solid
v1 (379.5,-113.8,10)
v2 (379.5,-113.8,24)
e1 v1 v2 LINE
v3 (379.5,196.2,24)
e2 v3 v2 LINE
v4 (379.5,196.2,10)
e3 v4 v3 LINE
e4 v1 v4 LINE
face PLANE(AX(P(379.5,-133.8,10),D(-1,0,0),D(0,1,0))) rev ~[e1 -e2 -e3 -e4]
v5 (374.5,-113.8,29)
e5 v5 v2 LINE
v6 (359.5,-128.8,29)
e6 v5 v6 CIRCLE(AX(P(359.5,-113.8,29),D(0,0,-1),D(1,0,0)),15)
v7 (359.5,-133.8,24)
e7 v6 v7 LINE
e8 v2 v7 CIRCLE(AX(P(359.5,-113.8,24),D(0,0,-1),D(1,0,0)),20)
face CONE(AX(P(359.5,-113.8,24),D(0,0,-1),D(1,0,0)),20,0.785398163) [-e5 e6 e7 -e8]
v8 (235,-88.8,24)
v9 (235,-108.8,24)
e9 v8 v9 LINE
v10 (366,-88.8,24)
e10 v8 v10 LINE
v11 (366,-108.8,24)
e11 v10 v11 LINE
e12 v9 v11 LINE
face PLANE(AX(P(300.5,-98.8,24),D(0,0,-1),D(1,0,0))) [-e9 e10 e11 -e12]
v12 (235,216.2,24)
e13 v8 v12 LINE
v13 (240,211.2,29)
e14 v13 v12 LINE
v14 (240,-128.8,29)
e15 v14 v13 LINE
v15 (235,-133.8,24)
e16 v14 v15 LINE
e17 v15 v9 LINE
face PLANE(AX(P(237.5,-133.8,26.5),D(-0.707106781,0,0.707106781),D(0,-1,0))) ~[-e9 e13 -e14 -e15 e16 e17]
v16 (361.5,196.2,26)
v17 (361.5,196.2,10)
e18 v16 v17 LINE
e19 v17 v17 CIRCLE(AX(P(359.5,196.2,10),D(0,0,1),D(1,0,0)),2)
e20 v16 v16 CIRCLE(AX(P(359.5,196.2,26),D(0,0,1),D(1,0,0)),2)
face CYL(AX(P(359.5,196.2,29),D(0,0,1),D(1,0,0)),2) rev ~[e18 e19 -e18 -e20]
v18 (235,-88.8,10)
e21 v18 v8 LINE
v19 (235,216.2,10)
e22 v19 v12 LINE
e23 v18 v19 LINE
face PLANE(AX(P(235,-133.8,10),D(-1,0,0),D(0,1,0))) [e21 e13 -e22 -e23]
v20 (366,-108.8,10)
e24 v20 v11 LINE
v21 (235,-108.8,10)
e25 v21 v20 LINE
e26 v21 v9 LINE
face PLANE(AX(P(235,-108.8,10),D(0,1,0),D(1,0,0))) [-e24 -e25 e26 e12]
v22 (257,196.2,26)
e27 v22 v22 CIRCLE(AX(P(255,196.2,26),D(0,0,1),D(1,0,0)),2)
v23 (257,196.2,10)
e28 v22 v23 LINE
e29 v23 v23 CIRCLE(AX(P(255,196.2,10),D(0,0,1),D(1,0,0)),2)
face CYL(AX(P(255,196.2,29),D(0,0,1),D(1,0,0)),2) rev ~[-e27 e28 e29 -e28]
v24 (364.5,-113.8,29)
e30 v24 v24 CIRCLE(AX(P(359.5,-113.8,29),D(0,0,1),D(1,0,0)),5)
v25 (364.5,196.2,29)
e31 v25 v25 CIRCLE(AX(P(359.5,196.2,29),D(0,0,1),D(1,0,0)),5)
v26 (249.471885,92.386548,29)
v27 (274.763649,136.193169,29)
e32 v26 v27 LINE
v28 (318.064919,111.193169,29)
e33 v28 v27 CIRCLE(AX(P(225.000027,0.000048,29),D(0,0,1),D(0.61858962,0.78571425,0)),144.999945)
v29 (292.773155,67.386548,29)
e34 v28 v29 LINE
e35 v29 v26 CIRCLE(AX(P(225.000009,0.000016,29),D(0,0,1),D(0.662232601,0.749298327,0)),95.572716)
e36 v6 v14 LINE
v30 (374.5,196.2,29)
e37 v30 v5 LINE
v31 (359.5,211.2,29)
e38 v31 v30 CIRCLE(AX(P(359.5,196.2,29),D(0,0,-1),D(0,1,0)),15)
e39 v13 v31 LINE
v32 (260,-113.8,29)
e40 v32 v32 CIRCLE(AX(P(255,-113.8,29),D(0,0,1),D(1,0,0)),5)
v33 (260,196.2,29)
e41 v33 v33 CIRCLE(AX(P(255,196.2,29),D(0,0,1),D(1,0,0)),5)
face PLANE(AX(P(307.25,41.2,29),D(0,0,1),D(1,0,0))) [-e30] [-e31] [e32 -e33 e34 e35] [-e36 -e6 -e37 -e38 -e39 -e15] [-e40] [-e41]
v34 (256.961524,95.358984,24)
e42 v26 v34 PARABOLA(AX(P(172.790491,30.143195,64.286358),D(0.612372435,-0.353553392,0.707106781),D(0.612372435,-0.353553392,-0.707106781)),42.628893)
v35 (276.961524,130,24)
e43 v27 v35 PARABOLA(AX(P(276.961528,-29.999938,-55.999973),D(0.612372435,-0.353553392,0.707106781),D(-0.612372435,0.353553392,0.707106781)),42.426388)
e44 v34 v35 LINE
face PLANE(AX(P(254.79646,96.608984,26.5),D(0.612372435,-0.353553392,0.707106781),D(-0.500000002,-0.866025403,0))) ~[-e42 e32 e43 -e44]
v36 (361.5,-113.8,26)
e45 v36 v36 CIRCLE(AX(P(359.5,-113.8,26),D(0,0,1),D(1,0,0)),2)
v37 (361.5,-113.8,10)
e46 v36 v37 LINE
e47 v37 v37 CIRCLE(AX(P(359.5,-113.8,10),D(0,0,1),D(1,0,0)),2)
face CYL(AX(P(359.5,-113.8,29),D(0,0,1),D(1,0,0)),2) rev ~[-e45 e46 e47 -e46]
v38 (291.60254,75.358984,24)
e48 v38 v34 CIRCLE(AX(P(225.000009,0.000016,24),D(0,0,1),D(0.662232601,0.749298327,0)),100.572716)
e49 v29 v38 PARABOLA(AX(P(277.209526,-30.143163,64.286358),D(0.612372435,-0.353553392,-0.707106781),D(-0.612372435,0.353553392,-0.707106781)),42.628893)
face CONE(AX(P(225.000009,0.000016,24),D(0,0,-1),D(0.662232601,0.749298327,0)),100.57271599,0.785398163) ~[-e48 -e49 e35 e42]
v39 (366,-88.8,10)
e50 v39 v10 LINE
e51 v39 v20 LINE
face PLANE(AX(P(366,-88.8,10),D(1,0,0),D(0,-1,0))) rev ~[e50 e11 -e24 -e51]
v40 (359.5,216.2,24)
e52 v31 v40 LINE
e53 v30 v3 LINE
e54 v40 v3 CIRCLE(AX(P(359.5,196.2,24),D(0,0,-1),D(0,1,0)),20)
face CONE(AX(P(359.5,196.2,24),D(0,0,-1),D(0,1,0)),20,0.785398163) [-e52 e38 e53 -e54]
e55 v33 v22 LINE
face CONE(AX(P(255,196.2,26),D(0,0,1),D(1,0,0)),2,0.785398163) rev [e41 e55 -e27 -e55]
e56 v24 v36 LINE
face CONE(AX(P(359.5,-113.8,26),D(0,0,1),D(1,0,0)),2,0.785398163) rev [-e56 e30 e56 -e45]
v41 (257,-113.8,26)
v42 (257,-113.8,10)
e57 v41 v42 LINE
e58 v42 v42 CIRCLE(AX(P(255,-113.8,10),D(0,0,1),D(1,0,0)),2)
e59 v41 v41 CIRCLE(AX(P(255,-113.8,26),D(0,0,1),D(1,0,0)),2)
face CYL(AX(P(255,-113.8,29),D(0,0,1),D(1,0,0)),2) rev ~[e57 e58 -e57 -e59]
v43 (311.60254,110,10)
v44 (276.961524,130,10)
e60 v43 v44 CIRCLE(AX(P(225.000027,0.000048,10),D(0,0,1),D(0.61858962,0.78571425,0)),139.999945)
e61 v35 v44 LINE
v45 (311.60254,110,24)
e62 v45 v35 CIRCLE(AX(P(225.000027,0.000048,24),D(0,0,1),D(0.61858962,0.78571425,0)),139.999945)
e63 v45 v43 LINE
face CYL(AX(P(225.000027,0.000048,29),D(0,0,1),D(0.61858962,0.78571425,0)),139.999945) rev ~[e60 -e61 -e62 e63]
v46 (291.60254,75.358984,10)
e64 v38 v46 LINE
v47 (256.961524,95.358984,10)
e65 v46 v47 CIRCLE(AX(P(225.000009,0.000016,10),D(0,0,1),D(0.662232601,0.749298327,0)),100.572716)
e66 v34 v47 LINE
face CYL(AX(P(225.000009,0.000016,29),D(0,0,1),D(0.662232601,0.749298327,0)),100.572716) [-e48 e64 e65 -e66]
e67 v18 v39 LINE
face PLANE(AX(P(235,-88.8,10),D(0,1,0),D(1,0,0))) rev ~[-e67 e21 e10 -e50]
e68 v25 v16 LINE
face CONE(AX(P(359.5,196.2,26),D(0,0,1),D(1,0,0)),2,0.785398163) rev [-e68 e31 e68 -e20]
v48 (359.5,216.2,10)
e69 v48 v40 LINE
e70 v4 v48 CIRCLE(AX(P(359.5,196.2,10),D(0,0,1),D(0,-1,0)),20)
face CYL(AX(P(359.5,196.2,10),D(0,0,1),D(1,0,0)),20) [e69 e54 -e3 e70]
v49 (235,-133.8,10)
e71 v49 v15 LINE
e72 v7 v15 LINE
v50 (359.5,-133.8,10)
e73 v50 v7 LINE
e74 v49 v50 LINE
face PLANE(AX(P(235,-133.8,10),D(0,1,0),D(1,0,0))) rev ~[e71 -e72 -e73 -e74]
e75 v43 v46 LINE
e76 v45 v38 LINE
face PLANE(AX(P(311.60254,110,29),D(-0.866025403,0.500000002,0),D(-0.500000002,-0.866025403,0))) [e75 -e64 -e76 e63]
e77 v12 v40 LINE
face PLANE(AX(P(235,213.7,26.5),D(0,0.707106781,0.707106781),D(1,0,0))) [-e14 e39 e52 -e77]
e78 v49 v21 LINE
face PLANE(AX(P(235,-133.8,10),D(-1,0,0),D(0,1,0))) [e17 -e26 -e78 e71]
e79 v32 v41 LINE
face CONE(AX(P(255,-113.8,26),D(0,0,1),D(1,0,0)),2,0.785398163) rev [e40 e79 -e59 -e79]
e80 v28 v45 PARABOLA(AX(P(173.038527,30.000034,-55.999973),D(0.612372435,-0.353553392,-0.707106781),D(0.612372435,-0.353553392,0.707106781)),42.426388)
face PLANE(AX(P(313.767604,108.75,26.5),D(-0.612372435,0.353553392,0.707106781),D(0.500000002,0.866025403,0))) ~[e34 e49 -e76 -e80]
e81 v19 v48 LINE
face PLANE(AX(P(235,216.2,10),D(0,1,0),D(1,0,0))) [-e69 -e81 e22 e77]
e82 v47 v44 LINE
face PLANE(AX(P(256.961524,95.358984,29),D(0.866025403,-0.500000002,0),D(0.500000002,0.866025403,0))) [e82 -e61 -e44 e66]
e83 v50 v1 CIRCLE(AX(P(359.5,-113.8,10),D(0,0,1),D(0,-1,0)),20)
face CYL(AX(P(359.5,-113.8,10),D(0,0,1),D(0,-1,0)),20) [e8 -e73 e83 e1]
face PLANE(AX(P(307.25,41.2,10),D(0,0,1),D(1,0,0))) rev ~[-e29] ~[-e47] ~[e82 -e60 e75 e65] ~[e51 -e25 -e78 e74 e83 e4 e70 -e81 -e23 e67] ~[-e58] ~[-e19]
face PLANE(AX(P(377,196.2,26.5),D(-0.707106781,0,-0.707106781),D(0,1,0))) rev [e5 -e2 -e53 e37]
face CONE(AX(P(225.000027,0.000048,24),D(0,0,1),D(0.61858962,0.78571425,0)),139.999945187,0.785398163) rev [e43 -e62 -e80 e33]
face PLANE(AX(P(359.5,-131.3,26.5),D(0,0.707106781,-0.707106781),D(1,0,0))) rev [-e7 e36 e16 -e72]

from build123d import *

# Parameters (mm, degrees)
SKETCH024_W     = 144.5
SKETCH024_H     = 350
PAD017_DEPTH    = 19
FILLET007_R     = 20
SKETCH025_R     = 2
POCKET015_DEPTH = 19.001
CHAMFER005_SIZE = 5
POCKET020_DEPTH = 19.001
CHAMFER006_SIZE = 5
CHAMFER007_SIZE = 3
SKETCH045_W     = 131
SKETCH045_H     = 20
POCKET029_DEPTH = 14


with BuildPart() as part:
    # Sketch024 → Pad017 (new body)
    with BuildSketch(Plane.XY):
        with Locations((307.25, 41.2)):
            Rectangle(SKETCH024_W, SKETCH024_H)
    extrude(amount=PAD017_DEPTH)

    # Fillet007
    fillet007_edges = [part.edges().sort_by_distance(p)[0] for p in [
        (379.5, 216.2, 9.5),
        (379.5, -133.8, 9.5),
    ]]
    fillet(fillet007_edges, radius=FILLET007_R)

    # Sketch025 (on Face5 of Fillet007) → Pocket015 (cut, through all)
    with BuildSketch(Plane.XY.offset(19)):
        with Locations((359.5, 196.2)):
            Circle(SKETCH025_R)
        with Locations((359.5, -113.8)):
            Circle(SKETCH025_R)
        with Locations((255, -113.8)):
            Circle(SKETCH025_R)
        with Locations((255, 196.2)):
            Circle(SKETCH025_R)
    extrude(amount=-POCKET015_DEPTH, mode=Mode.SUBTRACT)

    # Chamfer005
    chamfer005_edges = [part.edges().sort_by_distance(p)[0] for p in [
        (297.25, 216.2, 19),
        (235, 41.2, 19),
    ]]
    chamfer(chamfer005_edges, length=CHAMFER005_SIZE)

    # Sketch030 (on Face9 of Chamfer005) → Pocket020 (cut, through all)
    with BuildSketch(Plane.XY.offset(19)):
        with BuildLine():
            Line((256.961524, 95.358984), (276.961524, 130))
            ThreePointArc((311.60254, 110), (295, 121.243557), (276.961524, 130))
            Line((311.60254, 110), (291.60254, 75.358984))
            ThreePointArc((291.60254, 75.358984), (275.286367, 87.098543), (256.961524, 95.358984))
        make_face()
    extrude(amount=-POCKET020_DEPTH, mode=Mode.SUBTRACT)

    # Chamfer006
    chamfer006_edges = [part.edges().sort_by_distance(p)[0] for p in [
        (295, 121.243557, 19),
        (266.961524, 112.679492, 19),
        (275.286367, 87.098543, 19),
        (301.60254, 92.679492, 19),
    ]]
    chamfer(chamfer006_edges, length=CHAMFER006_SIZE)

    # Chamfer007
    chamfer007_edges = [part.edges().sort_by_distance(p)[0] for p in [
        (253, 196.2, 19),
        (357.5, 196.2, 19),
        (357.5, -113.8, 19),
        (253, -113.8, 19),
    ]]
    chamfer(chamfer007_edges, length=CHAMFER007_SIZE)

    # Sketch045 (on Face30 of Chamfer007) → Pocket029 (cut)
    with BuildSketch(Plane(origin=(0, 0, 0), x_dir=(1, 0, 0), z_dir=(0, 0, -1))):
        with Locations((300.5, 98.8)):
            Rectangle(SKETCH045_W, SKETCH045_H)
    extrude(amount=-POCKET029_DEPTH, mode=Mode.SUBTRACT)


with BuildPart() as part_1:
    # Body013 placement: moved
    add(part.part.moved(Location((0, 0, 10))))


solid = part_1.part
